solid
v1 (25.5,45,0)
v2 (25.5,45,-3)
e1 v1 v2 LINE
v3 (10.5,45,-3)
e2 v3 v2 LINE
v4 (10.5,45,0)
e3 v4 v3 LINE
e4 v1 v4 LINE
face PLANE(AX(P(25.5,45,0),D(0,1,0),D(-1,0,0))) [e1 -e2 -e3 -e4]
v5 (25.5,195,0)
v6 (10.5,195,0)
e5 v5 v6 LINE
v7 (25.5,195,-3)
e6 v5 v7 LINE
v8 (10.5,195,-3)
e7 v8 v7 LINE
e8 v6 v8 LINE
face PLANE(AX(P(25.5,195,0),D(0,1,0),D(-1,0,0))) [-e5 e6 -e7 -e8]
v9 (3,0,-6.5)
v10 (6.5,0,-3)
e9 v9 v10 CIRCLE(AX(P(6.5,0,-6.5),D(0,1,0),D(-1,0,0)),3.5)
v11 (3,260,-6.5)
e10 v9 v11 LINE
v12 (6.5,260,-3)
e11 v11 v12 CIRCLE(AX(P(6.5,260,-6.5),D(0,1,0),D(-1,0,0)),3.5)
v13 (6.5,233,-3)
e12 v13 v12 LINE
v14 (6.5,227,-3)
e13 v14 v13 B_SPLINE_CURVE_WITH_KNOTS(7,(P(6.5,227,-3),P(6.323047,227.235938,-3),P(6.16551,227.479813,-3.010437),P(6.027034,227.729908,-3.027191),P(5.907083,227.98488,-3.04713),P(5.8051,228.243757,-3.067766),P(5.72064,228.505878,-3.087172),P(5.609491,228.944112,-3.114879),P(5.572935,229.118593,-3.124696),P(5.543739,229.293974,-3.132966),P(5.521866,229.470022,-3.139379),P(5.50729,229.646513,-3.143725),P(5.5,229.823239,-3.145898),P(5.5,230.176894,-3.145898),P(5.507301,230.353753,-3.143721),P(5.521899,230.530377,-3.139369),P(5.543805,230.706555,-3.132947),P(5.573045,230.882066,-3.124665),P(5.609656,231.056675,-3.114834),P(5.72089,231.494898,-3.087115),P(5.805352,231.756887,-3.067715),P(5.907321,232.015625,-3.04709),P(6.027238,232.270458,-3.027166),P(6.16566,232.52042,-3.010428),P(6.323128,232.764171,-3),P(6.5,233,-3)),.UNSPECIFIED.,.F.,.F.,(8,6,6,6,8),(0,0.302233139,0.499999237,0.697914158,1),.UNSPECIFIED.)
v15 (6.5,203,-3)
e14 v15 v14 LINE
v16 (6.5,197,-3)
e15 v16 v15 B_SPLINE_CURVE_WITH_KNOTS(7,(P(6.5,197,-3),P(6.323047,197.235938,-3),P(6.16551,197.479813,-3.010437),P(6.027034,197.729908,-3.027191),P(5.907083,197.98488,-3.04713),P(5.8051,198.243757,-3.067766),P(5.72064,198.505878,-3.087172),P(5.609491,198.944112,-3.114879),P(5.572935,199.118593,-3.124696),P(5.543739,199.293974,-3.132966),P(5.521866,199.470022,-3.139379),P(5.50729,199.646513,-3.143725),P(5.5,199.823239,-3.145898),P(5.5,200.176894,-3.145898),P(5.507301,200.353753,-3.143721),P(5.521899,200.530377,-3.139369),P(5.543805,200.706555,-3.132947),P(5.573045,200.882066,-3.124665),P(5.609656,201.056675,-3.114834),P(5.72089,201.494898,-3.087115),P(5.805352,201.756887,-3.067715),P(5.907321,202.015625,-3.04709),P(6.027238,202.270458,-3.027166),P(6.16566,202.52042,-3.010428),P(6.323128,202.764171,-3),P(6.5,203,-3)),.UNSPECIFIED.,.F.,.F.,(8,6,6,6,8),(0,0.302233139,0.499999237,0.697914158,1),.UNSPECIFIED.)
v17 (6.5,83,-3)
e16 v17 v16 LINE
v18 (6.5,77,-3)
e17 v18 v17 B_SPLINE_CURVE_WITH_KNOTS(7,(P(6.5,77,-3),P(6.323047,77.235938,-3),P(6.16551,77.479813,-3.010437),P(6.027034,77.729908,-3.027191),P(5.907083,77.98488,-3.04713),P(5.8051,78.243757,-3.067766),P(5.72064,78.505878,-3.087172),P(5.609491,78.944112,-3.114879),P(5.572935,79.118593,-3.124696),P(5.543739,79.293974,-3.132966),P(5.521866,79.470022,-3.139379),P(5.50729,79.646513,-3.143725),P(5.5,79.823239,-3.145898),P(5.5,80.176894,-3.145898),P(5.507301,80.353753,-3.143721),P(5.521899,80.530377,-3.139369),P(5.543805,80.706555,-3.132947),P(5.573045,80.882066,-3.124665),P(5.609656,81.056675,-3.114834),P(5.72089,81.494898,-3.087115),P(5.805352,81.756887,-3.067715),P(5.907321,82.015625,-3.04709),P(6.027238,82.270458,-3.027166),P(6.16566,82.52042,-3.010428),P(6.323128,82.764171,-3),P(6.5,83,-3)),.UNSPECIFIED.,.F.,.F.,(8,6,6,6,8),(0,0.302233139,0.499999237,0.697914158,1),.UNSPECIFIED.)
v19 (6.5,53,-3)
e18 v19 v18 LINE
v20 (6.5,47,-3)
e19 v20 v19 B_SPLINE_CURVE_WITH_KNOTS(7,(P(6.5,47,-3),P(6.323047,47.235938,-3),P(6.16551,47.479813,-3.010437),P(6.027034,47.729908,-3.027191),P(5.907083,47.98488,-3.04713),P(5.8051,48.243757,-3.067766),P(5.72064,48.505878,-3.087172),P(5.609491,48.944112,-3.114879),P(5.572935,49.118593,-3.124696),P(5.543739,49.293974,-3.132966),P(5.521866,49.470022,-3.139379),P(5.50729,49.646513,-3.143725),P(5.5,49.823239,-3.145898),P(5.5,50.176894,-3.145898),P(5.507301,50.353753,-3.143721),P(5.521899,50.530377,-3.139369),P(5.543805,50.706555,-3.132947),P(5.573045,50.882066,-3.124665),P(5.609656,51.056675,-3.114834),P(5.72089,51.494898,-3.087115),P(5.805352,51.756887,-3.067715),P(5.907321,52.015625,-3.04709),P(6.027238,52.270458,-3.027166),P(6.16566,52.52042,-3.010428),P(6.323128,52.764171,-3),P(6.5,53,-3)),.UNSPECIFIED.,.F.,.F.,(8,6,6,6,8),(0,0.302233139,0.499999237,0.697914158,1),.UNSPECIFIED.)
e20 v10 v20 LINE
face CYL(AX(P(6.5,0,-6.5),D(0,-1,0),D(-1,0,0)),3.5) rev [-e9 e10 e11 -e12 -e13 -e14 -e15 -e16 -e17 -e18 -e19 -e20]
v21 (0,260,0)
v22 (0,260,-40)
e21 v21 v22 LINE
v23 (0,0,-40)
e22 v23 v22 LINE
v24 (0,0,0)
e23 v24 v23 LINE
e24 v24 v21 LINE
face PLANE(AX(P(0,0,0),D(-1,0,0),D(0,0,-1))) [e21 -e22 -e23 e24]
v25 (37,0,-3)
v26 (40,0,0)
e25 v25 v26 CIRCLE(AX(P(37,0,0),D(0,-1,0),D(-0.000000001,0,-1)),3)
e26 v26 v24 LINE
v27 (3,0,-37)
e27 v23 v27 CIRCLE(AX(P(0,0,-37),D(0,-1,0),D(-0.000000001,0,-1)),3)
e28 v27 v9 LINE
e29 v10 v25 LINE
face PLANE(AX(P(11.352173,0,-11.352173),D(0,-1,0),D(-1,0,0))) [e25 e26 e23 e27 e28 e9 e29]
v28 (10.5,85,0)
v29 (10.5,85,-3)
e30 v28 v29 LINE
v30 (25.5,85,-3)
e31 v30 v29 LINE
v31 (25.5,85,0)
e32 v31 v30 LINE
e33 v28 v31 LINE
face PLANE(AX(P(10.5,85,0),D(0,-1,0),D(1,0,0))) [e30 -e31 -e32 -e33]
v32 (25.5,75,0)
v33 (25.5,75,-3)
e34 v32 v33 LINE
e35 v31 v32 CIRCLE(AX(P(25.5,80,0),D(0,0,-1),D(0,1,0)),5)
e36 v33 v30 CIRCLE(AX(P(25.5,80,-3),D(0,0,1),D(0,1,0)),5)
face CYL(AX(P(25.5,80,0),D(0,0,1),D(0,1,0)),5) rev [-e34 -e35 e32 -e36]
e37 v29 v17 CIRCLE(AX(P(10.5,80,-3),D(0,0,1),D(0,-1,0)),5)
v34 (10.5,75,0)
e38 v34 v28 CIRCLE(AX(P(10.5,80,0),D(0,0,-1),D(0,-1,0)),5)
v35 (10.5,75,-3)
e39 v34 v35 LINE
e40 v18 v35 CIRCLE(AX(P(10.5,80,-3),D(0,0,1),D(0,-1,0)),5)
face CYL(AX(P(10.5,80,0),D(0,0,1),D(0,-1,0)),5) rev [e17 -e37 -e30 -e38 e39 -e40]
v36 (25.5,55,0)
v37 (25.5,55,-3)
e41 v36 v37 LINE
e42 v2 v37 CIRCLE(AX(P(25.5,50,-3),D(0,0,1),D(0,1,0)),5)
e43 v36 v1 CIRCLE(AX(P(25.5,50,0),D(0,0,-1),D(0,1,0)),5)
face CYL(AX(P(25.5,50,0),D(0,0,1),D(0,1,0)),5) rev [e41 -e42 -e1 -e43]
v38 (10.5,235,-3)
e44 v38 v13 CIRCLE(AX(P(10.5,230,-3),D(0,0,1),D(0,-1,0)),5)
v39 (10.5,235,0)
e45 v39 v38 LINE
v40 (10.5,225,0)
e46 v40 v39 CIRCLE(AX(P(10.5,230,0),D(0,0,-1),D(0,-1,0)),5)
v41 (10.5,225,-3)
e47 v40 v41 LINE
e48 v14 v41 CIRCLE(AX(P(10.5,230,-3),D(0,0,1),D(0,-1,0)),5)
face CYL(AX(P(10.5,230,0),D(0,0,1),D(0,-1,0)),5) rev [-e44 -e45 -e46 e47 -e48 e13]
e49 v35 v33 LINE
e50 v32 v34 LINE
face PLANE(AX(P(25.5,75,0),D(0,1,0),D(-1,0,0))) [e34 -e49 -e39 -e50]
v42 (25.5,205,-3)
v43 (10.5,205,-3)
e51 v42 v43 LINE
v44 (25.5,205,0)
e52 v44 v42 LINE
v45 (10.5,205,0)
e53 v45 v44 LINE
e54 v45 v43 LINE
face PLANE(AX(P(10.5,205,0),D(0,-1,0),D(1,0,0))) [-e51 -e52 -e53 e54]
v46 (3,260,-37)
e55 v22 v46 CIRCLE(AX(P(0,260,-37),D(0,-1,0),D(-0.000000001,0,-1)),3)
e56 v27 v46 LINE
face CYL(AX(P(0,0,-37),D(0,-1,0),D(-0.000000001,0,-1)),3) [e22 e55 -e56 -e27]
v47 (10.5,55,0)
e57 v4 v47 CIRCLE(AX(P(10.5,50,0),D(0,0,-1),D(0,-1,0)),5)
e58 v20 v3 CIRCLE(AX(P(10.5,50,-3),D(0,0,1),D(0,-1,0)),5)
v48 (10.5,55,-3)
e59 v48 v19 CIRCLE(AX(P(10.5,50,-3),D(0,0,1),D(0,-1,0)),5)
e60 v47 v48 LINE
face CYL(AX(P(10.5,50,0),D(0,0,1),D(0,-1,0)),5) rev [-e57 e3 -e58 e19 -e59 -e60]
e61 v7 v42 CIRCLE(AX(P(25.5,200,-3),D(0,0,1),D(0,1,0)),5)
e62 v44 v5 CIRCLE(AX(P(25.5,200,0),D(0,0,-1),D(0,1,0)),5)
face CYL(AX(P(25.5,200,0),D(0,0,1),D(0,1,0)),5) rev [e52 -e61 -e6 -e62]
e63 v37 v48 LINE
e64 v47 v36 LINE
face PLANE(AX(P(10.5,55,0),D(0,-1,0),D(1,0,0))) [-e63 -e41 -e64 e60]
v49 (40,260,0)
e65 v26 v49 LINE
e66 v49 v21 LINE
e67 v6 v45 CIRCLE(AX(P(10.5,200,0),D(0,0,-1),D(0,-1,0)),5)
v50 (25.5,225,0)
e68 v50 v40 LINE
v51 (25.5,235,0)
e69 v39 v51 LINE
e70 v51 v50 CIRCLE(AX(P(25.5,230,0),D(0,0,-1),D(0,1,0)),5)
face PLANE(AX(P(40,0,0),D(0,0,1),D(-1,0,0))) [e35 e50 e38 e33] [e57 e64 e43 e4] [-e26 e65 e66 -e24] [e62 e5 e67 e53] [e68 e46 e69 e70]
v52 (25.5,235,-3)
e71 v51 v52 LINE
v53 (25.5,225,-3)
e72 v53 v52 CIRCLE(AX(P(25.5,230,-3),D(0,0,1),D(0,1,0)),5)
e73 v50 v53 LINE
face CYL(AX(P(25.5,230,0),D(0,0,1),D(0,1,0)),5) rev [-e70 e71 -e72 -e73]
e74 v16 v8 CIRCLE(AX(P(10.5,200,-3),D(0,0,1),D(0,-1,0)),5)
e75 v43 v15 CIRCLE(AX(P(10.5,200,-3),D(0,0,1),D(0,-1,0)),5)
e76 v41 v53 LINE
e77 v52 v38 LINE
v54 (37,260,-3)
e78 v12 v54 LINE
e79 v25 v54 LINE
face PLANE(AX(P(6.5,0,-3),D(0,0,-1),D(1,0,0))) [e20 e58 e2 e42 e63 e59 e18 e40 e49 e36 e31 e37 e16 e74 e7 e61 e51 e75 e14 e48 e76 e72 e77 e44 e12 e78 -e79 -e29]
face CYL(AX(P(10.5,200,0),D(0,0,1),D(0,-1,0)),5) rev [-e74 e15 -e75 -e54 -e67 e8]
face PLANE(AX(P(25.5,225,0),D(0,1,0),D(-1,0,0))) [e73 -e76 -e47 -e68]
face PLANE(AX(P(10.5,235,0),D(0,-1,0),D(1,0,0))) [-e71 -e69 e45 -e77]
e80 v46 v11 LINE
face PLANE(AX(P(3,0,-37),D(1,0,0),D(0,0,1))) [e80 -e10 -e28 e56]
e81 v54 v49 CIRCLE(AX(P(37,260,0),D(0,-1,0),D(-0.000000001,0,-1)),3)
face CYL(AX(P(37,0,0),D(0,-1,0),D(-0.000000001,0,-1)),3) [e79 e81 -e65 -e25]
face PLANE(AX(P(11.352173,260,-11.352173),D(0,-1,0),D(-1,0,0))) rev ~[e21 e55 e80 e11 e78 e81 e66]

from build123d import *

# Parameters (mm, degrees)
IRON_V40X40X3_1_DEPTH = 260
CUT_EXTRUDE1_DEPTH    = 10


with BuildPart() as part:
    # Sketch1 → Iron V40X40X3(1) (new body)
    with BuildSketch(Plane(origin=(0, 0, 0), x_dir=(1, 0, 0), z_dir=(0, 1, 0))):
        with BuildLine():
            Line((0, 0), (0, 40))
            ThreePointArc((0, 40), (2.121320344, 39.121320344), (3, 37))
            Line((3, 37), (3, 6.5))
            ThreePointArc((3, 6.5), (4.025126266, 4.025126266), (6.5, 3))
            Line((6.5, 3), (37, 3))
            ThreePointArc((37, 3), (39.121320344, 2.121320344), (40, 0))
            Line((40, 0), (0, 0))
        make_face()
    extrude(amount=IRON_V40X40X3_1_DEPTH)

    # Sketch2 → Cut-Extrude1 (cut)
    with BuildSketch(Plane.XY):
        with BuildLine():
            Line((10.5, 55), (25.5, 55))
            ThreePointArc((25.5, 55), (30.5, 50), (25.5, 45))
            Line((25.5, 45), (10.5, 45))
            ThreePointArc((10.5, 45), (5.5, 50), (10.5, 55))
        make_face()
        with BuildLine():
            Line((10.5, 85), (25.5, 85))
            ThreePointArc((25.5, 85), (30.5, 80), (25.5, 75))
            Line((25.5, 75), (10.5, 75))
            ThreePointArc((10.5, 75), (5.5, 80), (10.5, 85))
        make_face()
        with BuildLine():
            Line((10.5, 205), (25.5, 205))
            ThreePointArc((25.5, 205), (30.5, 200), (25.5, 195))
            Line((25.5, 195), (10.5, 195))
            ThreePointArc((10.5, 195), (5.5, 200), (10.5, 205))
        make_face()
        with BuildLine():
            Line((10.5, 235), (25.5, 235))
            ThreePointArc((25.5, 235), (30.5, 230), (25.5, 225))
            Line((25.5, 225), (10.5, 225))
            ThreePointArc((10.5, 225), (5.5, 230), (10.5, 235))
        make_face()
    extrude(amount=-CUT_EXTRUDE1_DEPTH, mode=Mode.SUBTRACT)


solid = part.part
